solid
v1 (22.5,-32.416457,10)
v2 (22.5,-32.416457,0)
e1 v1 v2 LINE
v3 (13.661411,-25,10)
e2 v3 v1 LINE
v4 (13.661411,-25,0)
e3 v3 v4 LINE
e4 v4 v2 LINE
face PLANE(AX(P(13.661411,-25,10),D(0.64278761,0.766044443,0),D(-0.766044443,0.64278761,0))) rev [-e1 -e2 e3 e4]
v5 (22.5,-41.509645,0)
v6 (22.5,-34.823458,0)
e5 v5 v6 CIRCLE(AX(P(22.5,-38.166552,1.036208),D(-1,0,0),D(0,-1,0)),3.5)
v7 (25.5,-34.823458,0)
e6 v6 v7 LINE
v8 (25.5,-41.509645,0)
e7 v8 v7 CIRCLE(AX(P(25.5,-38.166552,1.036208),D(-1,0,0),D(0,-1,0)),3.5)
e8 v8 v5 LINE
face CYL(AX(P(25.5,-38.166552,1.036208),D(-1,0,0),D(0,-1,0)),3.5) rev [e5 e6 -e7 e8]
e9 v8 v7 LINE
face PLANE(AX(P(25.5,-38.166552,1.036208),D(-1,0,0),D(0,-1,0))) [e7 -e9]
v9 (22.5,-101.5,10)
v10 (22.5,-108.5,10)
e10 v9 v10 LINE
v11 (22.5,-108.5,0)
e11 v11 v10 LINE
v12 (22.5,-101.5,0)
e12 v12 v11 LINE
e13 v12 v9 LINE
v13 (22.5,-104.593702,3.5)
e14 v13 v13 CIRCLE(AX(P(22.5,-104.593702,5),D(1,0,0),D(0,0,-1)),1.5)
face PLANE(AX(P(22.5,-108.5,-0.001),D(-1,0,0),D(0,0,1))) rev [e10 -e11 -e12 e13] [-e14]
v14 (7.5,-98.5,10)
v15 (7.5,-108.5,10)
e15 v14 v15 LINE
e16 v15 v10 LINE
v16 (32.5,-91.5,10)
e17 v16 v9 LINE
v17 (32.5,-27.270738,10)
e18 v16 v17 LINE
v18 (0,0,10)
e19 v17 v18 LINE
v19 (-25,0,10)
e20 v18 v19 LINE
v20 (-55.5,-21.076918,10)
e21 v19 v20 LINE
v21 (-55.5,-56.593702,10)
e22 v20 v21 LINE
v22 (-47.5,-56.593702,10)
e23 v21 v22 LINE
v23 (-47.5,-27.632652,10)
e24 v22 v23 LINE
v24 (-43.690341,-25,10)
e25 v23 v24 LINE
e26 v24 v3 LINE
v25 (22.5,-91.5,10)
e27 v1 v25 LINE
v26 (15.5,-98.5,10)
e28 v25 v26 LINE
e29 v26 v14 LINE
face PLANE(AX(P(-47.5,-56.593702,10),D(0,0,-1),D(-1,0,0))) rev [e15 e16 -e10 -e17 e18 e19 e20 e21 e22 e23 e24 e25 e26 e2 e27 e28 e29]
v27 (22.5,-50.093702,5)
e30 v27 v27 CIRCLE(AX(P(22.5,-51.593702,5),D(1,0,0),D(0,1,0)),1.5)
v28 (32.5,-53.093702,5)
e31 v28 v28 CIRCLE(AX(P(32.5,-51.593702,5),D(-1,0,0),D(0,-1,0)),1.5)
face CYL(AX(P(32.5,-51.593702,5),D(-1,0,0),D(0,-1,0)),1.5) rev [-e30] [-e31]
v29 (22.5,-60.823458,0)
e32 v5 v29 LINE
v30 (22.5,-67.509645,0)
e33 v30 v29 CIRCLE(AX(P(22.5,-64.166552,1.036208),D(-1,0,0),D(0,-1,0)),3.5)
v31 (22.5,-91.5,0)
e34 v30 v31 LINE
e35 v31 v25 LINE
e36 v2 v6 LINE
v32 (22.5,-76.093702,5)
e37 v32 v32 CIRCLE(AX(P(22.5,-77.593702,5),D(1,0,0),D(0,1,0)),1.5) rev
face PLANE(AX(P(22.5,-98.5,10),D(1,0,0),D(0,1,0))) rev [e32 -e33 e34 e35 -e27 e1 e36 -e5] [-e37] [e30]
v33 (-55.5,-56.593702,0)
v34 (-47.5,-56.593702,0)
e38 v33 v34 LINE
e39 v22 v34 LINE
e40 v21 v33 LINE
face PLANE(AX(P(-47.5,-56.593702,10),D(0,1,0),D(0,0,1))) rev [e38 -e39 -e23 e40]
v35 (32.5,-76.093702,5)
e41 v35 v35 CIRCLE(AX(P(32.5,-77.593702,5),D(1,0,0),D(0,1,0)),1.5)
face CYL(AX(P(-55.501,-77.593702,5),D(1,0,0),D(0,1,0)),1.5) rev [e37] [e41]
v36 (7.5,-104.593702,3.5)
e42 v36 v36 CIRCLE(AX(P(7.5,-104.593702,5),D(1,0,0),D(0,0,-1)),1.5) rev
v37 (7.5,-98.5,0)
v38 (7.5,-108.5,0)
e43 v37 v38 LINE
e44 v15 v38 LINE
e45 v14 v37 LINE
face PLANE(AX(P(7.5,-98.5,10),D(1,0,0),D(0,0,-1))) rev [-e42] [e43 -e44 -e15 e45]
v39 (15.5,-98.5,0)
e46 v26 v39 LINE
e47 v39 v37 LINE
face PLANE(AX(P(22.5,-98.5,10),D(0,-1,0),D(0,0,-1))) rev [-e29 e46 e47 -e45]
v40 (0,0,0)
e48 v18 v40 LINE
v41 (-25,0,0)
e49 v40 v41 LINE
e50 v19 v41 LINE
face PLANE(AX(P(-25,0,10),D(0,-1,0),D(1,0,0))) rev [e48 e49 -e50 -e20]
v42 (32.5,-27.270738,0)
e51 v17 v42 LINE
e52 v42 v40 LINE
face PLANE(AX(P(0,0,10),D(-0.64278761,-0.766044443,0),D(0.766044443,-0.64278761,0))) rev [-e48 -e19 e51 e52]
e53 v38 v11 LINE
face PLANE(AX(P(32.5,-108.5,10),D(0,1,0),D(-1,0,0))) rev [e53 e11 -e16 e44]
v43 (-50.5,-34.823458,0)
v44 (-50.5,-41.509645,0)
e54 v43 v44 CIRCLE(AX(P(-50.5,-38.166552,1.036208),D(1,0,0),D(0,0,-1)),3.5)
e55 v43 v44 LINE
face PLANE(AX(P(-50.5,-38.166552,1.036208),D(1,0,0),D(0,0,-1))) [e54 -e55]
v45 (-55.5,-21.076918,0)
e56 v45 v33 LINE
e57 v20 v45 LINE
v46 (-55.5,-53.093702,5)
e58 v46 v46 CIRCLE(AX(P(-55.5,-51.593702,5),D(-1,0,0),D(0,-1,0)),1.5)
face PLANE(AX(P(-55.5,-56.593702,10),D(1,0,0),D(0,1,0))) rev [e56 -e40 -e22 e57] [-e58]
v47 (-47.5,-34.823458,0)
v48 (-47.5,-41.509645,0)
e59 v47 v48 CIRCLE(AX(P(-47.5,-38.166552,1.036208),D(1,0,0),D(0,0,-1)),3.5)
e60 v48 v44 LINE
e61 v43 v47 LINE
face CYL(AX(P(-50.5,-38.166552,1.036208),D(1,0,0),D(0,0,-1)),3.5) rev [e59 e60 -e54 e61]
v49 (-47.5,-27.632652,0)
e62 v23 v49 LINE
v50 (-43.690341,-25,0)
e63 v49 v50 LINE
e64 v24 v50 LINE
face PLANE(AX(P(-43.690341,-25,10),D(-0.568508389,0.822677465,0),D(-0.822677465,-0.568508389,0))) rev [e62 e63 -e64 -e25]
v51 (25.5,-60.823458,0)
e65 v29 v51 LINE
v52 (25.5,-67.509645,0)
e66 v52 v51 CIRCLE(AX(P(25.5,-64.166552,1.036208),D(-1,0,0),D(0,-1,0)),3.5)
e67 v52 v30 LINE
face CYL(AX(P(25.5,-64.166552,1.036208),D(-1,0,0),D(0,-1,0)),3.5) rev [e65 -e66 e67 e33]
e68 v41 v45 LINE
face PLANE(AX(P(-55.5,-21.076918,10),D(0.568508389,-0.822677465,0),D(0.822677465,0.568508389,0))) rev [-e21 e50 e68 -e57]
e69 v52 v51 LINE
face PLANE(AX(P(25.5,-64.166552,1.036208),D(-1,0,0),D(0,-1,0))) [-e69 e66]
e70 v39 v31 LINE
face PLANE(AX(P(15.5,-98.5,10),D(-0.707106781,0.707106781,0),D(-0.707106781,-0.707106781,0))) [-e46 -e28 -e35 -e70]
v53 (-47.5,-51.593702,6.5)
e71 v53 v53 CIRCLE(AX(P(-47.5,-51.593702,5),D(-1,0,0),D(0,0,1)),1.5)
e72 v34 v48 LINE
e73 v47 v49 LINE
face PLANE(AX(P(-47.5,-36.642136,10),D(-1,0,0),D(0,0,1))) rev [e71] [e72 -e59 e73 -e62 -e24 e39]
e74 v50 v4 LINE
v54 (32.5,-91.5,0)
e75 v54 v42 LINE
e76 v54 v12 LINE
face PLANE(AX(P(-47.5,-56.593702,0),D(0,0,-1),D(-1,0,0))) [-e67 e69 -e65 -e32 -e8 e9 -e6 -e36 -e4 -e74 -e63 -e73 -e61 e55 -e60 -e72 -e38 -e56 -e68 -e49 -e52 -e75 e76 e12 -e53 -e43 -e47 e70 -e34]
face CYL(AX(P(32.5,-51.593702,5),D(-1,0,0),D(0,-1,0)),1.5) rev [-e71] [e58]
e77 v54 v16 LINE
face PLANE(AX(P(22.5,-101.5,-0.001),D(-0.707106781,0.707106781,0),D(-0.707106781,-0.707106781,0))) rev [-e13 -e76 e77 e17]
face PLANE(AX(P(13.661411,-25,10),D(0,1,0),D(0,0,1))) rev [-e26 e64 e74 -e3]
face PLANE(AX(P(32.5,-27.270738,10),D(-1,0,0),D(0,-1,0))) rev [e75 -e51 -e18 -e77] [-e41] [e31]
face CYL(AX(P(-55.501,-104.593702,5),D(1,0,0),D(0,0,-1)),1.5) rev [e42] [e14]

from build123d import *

# Parameters (mm, degrees)
BOSS_EXTRUDE1_DEPTH = 10
SKETCH2_R           = 1.5
CUT_EXTRUDE1_DEPTH  = 141.05802369
CUT_EXTRUDE2_REACH  = 142.058
SKETCH3_R           = 1.5
CHAMFER2_SIZE       = 7
CUT_EXTRUDE3_REACH  = 124.28
CUT_EXTRUDE4_REACH  = 136.001
SKETCH5_R           = 1.5
SKETCH9_R           = 3.5
CUT_EXTRUDE7_DEPTH  = 3
CUT_EXTRUDE8_START  = -3
SKETCH10_R          = 3.5
CUT_EXTRUDE8_DEPTH  = 3


with BuildPart() as part:
    # Sketch1 → Boss-Extrude1 (new body)
    with BuildSketch(Plane(origin=(0, 0, 0), x_dir=(-1, 0, 0), z_dir=(0, 0, 1))):
        Polygon((47.5, 36.642135619), (47.5, 56.593701556), (55.5, 56.593701556), (55.5, 30.499999996), (55.5, 21.076918494), (25, 0), (0, 0), (-32.5, 27.270738013), (-32.5, 40.5), (-32.5, 108.5), (-7.5, 108.5), (-7.5, 98.5), (-22.5, 98.5), (-22.5, 32.416456895), (-13.661410851, 25), (35.857864376, 25), (43.690340999, 25), (47.5, 27.632651549), align=None)
    extrude(amount=BOSS_EXTRUDE1_DEPTH)

    # Sketch2 → Cut-Extrude1 (cut, through all)
    with BuildSketch(Plane.ZY.offset(55.5)):
        with Locations(Location((5, -51.593701556, 0), (0, 0, 270))):
            Circle(SKETCH2_R)
    extrude(amount=-CUT_EXTRUDE1_DEPTH, mode=Mode.SUBTRACT)

    # Sketch3 → Cut-Extrude2 (cut, up to next)
    with BuildSketch(Plane(origin=(32.5, 0, 0), x_dir=(0, 0, -1), z_dir=(1, 0, 0)), mode=Mode.PRIVATE) as cut_extrude2_sk1:
        with Locations(Location((-5, -77.593701556, 0), (0, 0, 90))):
            Circle(SKETCH3_R)
    cut_extrude2_tool1 = extrude(cut_extrude2_sk1.sketch, amount=-CUT_EXTRUDE2_REACH, mode=Mode.PRIVATE) & part.part
    add(cut_extrude2_tool1.solids().sort_by_distance((32.5, -77.593702, 5))[0], mode=Mode.SUBTRACT)

    # Chamfer2
    chamfer2_edges = [part.edges().sort_by_distance(p)[0] for p in [
        (22.5, -98.5, 5),
    ]]
    chamfer(chamfer2_edges, length=CHAMFER2_SIZE)

    # Sketch4 → Cut-Extrude3 (cut, up to next)
    with BuildSketch(Plane.XY.offset(10), mode=Mode.PRIVATE) as cut_extrude3_sk1:
        Polygon((22.5, -108.5), (22.5, -101.5), (32.5, -91.5), (32.5, -108.5), align=None)
    cut_extrude3_tool1 = extrude(cut_extrude3_sk1.sketch, amount=-CUT_EXTRUDE3_REACH, mode=Mode.PRIVATE) & part.part
    add(cut_extrude3_tool1.solids().sort_by_distance((28.194444, -102.152778, 10))[0], mode=Mode.SUBTRACT)

    # Sketch5 → Cut-Extrude4 (cut, up to next)
    with BuildSketch(Plane(origin=(22.5, 0, 0), x_dir=(0, 0, -1), z_dir=(1, 0, 0)), mode=Mode.PRIVATE) as cut_extrude4_sk1:
        with Locations((-5, -104.593701556)):
            Circle(SKETCH5_R)
    cut_extrude4_tool1 = extrude(cut_extrude4_sk1.sketch, amount=-CUT_EXTRUDE4_REACH, mode=Mode.PRIVATE) & part.part
    add(cut_extrude4_tool1.solids().sort_by_distance((22.5, -104.593702, 5))[0], mode=Mode.SUBTRACT)

    # Sketch9 → Cut-Extrude7 (cut)
    with BuildSketch(Plane(origin=(-47.5, 0, 0), x_dir=(0, 0, -1), z_dir=(1, 0, 0))):
        with Locations((-1.036207833, -38.166551759)):
            Circle(SKETCH9_R)
    extrude(amount=-CUT_EXTRUDE7_DEPTH, mode=Mode.SUBTRACT)

    # Sketch10 → Cut-Extrude8 (cut)
    with BuildSketch(Plane.ZY.offset(-22.5).offset(CUT_EXTRUDE8_START)):
        with Locations((1.036207833, -38.166551759)):
            Circle(SKETCH10_R)
        with Locations((1.036207833, -64.166551759)):
            Circle(SKETCH10_R)
    extrude(amount=CUT_EXTRUDE8_DEPTH, mode=Mode.SUBTRACT)


solid = part.part
